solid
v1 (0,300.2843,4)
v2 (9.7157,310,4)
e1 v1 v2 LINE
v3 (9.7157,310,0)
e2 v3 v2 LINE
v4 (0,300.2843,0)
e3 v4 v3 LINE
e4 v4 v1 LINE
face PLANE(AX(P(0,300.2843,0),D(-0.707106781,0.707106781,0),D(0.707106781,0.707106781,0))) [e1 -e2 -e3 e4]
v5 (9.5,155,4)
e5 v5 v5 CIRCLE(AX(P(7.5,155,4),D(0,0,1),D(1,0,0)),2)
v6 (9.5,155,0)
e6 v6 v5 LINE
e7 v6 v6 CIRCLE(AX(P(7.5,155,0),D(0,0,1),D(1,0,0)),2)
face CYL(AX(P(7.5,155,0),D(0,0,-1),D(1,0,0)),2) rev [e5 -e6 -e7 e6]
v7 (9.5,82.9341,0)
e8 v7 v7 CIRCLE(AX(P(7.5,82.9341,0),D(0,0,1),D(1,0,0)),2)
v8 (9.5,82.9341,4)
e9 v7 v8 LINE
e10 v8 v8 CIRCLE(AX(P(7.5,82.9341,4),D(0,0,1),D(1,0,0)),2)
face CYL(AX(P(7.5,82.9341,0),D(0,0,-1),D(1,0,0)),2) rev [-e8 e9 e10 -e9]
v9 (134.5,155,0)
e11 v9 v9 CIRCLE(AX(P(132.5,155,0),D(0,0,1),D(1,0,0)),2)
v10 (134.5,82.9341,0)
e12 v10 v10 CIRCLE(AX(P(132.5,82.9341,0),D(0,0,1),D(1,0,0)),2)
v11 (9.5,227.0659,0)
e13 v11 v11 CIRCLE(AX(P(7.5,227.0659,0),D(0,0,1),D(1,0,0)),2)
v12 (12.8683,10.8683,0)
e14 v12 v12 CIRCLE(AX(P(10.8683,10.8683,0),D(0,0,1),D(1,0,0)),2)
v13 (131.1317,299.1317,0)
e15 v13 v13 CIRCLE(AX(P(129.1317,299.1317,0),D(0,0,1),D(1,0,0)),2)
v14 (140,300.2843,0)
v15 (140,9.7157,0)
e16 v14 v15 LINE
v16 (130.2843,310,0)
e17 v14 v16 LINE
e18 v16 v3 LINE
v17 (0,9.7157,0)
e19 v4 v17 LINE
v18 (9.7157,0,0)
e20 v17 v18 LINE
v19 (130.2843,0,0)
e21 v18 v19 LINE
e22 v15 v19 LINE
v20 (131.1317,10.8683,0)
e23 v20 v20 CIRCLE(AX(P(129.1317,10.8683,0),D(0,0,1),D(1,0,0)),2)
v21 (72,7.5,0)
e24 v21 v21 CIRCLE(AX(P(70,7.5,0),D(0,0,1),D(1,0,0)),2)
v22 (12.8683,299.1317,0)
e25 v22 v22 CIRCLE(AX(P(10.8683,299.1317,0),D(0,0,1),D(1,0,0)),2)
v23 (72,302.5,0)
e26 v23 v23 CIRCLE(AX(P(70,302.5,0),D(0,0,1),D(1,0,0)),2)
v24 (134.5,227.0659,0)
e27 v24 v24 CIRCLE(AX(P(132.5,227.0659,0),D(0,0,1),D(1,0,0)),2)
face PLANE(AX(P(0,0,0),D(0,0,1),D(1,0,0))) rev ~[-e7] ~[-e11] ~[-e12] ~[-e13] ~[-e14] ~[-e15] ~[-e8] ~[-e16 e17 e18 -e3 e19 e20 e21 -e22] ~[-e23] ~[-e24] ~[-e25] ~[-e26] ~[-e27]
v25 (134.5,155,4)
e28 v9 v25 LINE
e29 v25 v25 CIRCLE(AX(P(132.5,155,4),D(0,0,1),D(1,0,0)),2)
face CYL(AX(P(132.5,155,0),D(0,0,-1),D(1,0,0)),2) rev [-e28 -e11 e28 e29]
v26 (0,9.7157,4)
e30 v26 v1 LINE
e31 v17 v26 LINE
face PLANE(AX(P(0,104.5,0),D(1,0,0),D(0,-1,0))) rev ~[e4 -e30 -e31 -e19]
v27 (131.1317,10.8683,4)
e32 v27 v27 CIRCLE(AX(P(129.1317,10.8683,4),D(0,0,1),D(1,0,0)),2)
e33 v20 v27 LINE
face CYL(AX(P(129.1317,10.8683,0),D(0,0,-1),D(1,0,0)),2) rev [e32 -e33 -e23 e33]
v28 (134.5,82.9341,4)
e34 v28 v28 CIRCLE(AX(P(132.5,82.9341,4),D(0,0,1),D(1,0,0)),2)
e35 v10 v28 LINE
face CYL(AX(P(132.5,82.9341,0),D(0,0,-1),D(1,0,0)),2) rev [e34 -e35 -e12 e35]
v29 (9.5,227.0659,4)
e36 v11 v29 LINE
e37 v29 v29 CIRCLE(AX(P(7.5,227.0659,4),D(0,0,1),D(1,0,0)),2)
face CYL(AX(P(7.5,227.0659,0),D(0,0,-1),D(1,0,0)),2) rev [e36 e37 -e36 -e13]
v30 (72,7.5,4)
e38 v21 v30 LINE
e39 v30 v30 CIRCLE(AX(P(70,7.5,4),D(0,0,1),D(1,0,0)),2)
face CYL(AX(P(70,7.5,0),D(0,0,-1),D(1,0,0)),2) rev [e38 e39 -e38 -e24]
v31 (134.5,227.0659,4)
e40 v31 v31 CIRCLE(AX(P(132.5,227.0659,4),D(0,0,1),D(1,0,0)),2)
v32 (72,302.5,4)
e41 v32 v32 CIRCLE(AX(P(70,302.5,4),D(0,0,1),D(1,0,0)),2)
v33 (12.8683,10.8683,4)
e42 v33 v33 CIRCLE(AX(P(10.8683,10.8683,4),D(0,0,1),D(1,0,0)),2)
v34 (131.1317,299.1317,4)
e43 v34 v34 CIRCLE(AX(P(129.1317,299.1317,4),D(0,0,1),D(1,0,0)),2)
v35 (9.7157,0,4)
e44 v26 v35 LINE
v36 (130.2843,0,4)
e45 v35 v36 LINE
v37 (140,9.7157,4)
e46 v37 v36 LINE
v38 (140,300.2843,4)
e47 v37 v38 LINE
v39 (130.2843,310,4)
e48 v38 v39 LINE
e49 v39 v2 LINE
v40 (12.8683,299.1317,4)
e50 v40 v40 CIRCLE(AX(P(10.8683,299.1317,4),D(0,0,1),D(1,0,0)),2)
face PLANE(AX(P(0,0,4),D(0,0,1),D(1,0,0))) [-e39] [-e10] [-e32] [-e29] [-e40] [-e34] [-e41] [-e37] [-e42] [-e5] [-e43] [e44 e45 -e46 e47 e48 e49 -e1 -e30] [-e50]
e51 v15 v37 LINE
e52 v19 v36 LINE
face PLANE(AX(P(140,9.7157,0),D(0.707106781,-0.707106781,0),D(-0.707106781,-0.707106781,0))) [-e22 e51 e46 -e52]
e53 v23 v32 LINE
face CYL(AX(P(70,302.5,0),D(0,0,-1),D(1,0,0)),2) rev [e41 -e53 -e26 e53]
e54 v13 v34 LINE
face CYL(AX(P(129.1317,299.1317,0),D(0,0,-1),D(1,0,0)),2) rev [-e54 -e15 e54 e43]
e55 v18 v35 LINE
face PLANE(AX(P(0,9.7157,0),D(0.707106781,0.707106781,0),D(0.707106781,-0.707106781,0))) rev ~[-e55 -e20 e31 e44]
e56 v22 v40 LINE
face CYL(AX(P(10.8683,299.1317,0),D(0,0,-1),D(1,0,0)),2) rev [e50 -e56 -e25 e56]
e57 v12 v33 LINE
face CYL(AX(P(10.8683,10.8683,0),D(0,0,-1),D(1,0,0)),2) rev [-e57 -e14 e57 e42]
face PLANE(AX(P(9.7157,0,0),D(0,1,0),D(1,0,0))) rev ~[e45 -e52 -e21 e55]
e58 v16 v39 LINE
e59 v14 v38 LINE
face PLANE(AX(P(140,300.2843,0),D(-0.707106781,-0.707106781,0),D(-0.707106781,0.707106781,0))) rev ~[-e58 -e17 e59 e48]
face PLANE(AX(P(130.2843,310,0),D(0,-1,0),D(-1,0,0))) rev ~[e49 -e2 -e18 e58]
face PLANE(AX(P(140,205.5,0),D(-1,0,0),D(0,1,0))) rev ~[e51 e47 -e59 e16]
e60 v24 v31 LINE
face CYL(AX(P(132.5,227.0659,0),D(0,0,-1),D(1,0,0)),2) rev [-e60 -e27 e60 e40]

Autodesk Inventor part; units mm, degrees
ref_plane "YZ Plane" through (0, 0, 0) normal (1, 0, 0) x (0, 1, 0)
ref_plane "XZ Plane" through (0, 0, 0) normal (0, 1, 0) x (-1, 0, 0)
ref_plane "XY Plane" through (0, 0, 0) normal (0, 0, 1) x (1, 0, 0)
sketch "Sketch1" plane through (0, 0, 0) normal (0, 0, 1) x (1, 0, 0)
  line L0 (0, 0) -> (140, 0)
  line L1 (140, 0) -> (140, 310)
  line L2 (140, 310) -> (0, 310)
  line L3 (0, 310) -> (0, 0)
  line L4 (15, 295) -> (125, 295) construction
  line L5 (125, 295) -> (125, 15) construction
  line L6 (125, 15) -> (15, 15) construction
  line L7 (15, 15) -> (15, 295) construction
  line L8 (15, 295) -> (125, 295) construction
  line L9 (70, 314.0975) -> (70, 322.6254) construction
  line L10 (15, 295) -> (15, 269.8596) construction
  line L11 (125, 295) -> (125, 292.6022) construction
  line L12 (0, 165.5) -> (-18, 165.5)
  line L13 (-18, 165.5) -> (-18, 185.5)
  line L14 (-18, 185.5) -> (0, 185.5) construction
  line L15 (0, 185.5) -> (0, 165.5)
  line L16 (-24.3067, 155) -> (-34.4998, 155) construction
  circle A0 centre (-9, 175.5) radius 3
  line L17 (-18, 185.5) -> (0, 205.5)
  line L18 (0, 144.5) -> (-18, 144.5)
  line L19 (-18, 144.5) -> (-18, 124.5)
  circle A1 centre (-9, 134.5) radius 3
  line L20 (-18, 124.5) -> (0, 104.5)
  line L21 (140, 165.5) -> (158, 165.5)
  line L22 (158, 165.5) -> (158, 185.5)
  circle A2 centre (149, 175.5) radius 3
  line L23 (158, 185.5) -> (140, 205.5)
  line L24 (158, 144.5) -> (158, 124.5)
  line L25 (140, 144.5) -> (158, 144.5)
  circle A3 centre (149, 134.5) radius 3
  line L26 (158, 124.5) -> (140, 104.5)
  line L27 (0, 300.2843) -> (9.7157, 310)
  line L28 (140, 300.2843) -> (130.2843, 310)
  line L29 (0, 9.7157) -> (9.7157, 0)
  line L30 (140, 9.7157) -> (130.2843, 0)
  line L31 (70, 295) -> (70, 310) construction
  line L32 (0, 155) -> (15, 155) construction
  line L33 (23.9173, 286.0827) -> (15, 295) construction
  line L34 (16.5096, 292.7523) -> (17.2477, 293.4904)
  line L35 (23.9173, 286.0827) -> (16.8787, 293.1213) construction
  line L36 (123.4904, 292.7523) -> (122.7523, 293.4904)
  line L37 (15, 17.2679) -> (15, 136.2679) construction
  line L38 (17, 136.2679) -> (17, 17.2679)
  arc A4 (17, 136.2679) -> (15, 136.2679) centre (16, 136.2679) ccw construction
  arc A5 (14, 16.2679) -> (15, 17.2679) centre (14, 17.2679) ccw construction
  line L39 (14, 16.2679) -> (12, 16.2679) construction
  arc A6 (17, 17.2679) -> (18, 16.2679) centre (18, 17.2679) ccw
  line L40 (20, 16.2679) -> (18, 16.2679)
  line L41 (21, 17.2679) -> (21, 136.2679)
  line L42 (23, 136.2679) -> (23, 17.2679)
  arc A7 (23, 17.2679) -> (24, 16.2679) centre (24, 17.2679) ccw
  arc A8 (23, 136.2679) -> (21, 136.2679) centre (22, 136.2679) ccw
  arc A9 (20, 16.2679) -> (21, 17.2679) centre (20, 17.2679) ccw
  line L43 (26, 16.2679) -> (24, 16.2679)
  line L44 (27, 17.2679) -> (27, 136.2679)
  line L45 (29, 136.2679) -> (29, 17.2679)
  arc A10 (29, 17.2679) -> (30, 16.2679) centre (30, 17.2679) ccw
  arc A11 (29, 136.2679) -> (27, 136.2679) centre (28, 136.2679) ccw
  arc A12 (26, 16.2679) -> (27, 17.2679) centre (26, 17.2679) ccw
  line L46 (32, 16.2679) -> (30, 16.2679)
  line L47 (33, 17.2679) -> (33, 136.2679)
  line L48 (35, 136.2679) -> (35, 17.2679)
  arc A13 (35, 17.2679) -> (36, 16.2679) centre (36, 17.2679) ccw
  arc A14 (35, 136.2679) -> (33, 136.2679) centre (34, 136.2679) ccw
  arc A15 (32, 16.2679) -> (33, 17.2679) centre (32, 17.2679) ccw
  line L49 (38, 16.2679) -> (36, 16.2679)
  line L50 (39, 17.2679) -> (39, 136.2679)
  line L51 (41, 136.2679) -> (41, 17.2679)
  arc A16 (41, 17.2679) -> (42, 16.2679) centre (42, 17.2679) ccw
  arc A17 (41, 136.2679) -> (39, 136.2679) centre (40, 136.2679) ccw
  arc A18 (38, 16.2679) -> (39, 17.2679) centre (38, 17.2679) ccw
  line L52 (44, 16.2679) -> (42, 16.2679)
  line L53 (45, 17.2679) -> (45, 136.2679)
  line L54 (47, 136.2679) -> (47, 17.2679)
  arc A19 (47, 17.2679) -> (48, 16.2679) centre (48, 17.2679) ccw
  arc A20 (47, 136.2679) -> (45, 136.2679) centre (46, 136.2679) ccw
  arc A21 (44, 16.2679) -> (45, 17.2679) centre (44, 17.2679) ccw
  line L55 (50, 16.2679) -> (48, 16.2679)
  line L56 (51, 17.2679) -> (51, 136.2679)
  line L57 (53, 136.2679) -> (53, 17.2679)
  arc A22 (53, 17.2679) -> (54, 16.2679) centre (54, 17.2679) ccw
  arc A23 (53, 136.2679) -> (51, 136.2679) centre (52, 136.2679) ccw
  arc A24 (50, 16.2679) -> (51, 17.2679) centre (50, 17.2679) ccw
  line L58 (56, 16.2679) -> (54, 16.2679)
  line L59 (57, 17.2679) -> (57, 136.2679)
  line L60 (59, 136.2679) -> (59, 17.2679)
  arc A25 (59, 17.2679) -> (60, 16.2679) centre (60, 17.2679) ccw
  arc A26 (59, 136.2679) -> (57, 136.2679) centre (58, 136.2679) ccw
  arc A27 (56, 16.2679) -> (57, 17.2679) centre (56, 17.2679) ccw
  line L61 (62, 16.2679) -> (60, 16.2679)
  line L62 (63, 17.2679) -> (63, 136.2679)
  line L63 (65, 136.2679) -> (65, 17.2679)
  arc A28 (65, 17.2679) -> (66, 16.2679) centre (66, 17.2679) ccw
  arc A29 (65, 136.2679) -> (63, 136.2679) centre (64, 136.2679) ccw
  arc A30 (62, 16.2679) -> (63, 17.2679) centre (62, 17.2679) ccw
  line L64 (68, 16.2679) -> (66, 16.2679)
  line L65 (69, 17.2679) -> (69, 136.2679)
  line L66 (71, 136.2679) -> (71, 17.2679)
  arc A31 (71, 17.2679) -> (72, 16.2679) centre (72, 17.2679) ccw
  arc A32 (71, 136.2679) -> (69, 136.2679) centre (70, 136.2679) ccw
  arc A33 (68, 16.2679) -> (69, 17.2679) centre (68, 17.2679) ccw
  line L67 (74, 16.2679) -> (72, 16.2679)
  line L68 (75, 17.2679) -> (75, 136.2679)
  line L69 (77, 136.2679) -> (77, 17.2679)
  arc A34 (77, 17.2679) -> (78, 16.2679) centre (78, 17.2679) ccw
  arc A35 (77, 136.2679) -> (75, 136.2679) centre (76, 136.2679) ccw
  arc A36 (74, 16.2679) -> (75, 17.2679) centre (74, 17.2679) ccw
  line L70 (80, 16.2679) -> (78, 16.2679)
  line L71 (81, 17.2679) -> (81, 136.2679)
  line L72 (83, 136.2679) -> (83, 17.2679)
  arc A37 (83, 17.2679) -> (84, 16.2679) centre (84, 17.2679) ccw
  arc A38 (83, 136.2679) -> (81, 136.2679) centre (82, 136.2679) ccw
  arc A39 (80, 16.2679) -> (81, 17.2679) centre (80, 17.2679) ccw
  line L73 (86, 16.2679) -> (84, 16.2679)
  line L74 (87, 17.2679) -> (87, 136.2679)
  line L75 (89, 136.2679) -> (89, 17.2679)
  arc A40 (89, 17.2679) -> (90, 16.2679) centre (90, 17.2679) ccw
  arc A41 (89, 136.2679) -> (87, 136.2679) centre (88, 136.2679) ccw
  arc A42 (86, 16.2679) -> (87, 17.2679) centre (86, 17.2679) ccw
  line L76 (92, 16.2679) -> (90, 16.2679)
  line L77 (93, 17.2679) -> (93, 136.2679)
  line L78 (95, 136.2679) -> (95, 17.2679)
  arc A43 (95, 17.2679) -> (96, 16.2679) centre (96, 17.2679) ccw
  arc A44 (95, 136.2679) -> (93, 136.2679) centre (94, 136.2679) ccw
  arc A45 (92, 16.2679) -> (93, 17.2679) centre (92, 17.2679) ccw
  line L79 (98, 16.2679) -> (96, 16.2679)
  line L80 (99, 17.2679) -> (99, 136.2679)
  line L81 (101, 136.2679) -> (101, 17.2679)
  arc A46 (101, 17.2679) -> (102, 16.2679) centre (102, 17.2679) ccw
  arc A47 (101, 136.2679) -> (99, 136.2679) centre (100, 136.2679) ccw
  arc A48 (98, 16.2679) -> (99, 17.2679) centre (98, 17.2679) ccw
  line L82 (104, 16.2679) -> (102, 16.2679)
  line L83 (105, 17.2679) -> (105, 136.2679)
  line L84 (107, 136.2679) -> (107, 17.2679)
  arc A49 (107, 17.2679) -> (108, 16.2679) centre (108, 17.2679) ccw
  arc A50 (107, 136.2679) -> (105, 136.2679) centre (106, 136.2679) ccw
  arc A51 (104, 16.2679) -> (105, 17.2679) centre (104, 17.2679) ccw
  line L85 (110, 16.2679) -> (108, 16.2679)
  line L86 (111, 17.2679) -> (111, 136.2679)
  line L87 (113, 136.2679) -> (113, 17.2679)
  arc A52 (113, 17.2679) -> (114, 16.2679) centre (114, 17.2679) ccw
  arc A53 (113, 136.2679) -> (111, 136.2679) centre (112, 136.2679) ccw
  arc A54 (110, 16.2679) -> (111, 17.2679) centre (110, 17.2679) ccw
  line L88 (116, 16.2679) -> (114, 16.2679)
  line L89 (117, 17.2679) -> (117, 136.2679)
  line L90 (119, 136.2679) -> (119, 17.2679)
  arc A55 (119, 17.2679) -> (120, 16.2679) centre (120, 17.2679) ccw
  arc A56 (119, 136.2679) -> (117, 136.2679) centre (118, 136.2679) ccw
  arc A57 (116, 16.2679) -> (117, 17.2679) centre (116, 17.2679) ccw
  line L91 (122, 16.2679) -> (120, 16.2679)
  line L92 (123, 17.2679) -> (123, 136.2679)
  line L93 (125, 136.2679) -> (125, 17.2679) construction
  arc A58 (125, 17.2679) -> (126, 16.2679) centre (126, 17.2679) ccw construction
  arc A59 (125, 136.2679) -> (123, 136.2679) centre (124, 136.2679) ccw construction
  arc A60 (122, 16.2679) -> (123, 17.2679) centre (122, 17.2679) ccw
  spline S0 degree 4 poles (16.5096, 292.7523) (14.6703, 290.9129) (15.6874, 287.8803) (14.9514, 263.0684) (27.2259, 252.1032) (45.0884, 239.248) (54.8331, 236.5084) (66.6786, 222.7415) (65.5, 220.3383) (65.5, 218.384) knots 0 0 0 0 0 0.198302 0.355061 0.529019 0.693641 0.832065 1 1 1 1 1
  line L94 (65.5, 218.384) -> (65.5, 202.0117) construction
  line L95 (74.5, 218.384) -> (74.5, 202.0117) construction
  spline S1 degree 4 poles (123.4904, 292.7523) (125.3297, 290.9129) (124.3126, 287.8803) (125.0486, 263.0684) (112.7741, 252.1032) (94.9116, 239.248) (85.1669, 236.5084) (73.3214, 222.7415) (74.5, 220.3383) (74.5, 218.384) knots 0 0 0 0 0 0.198302 0.355061 0.529019 0.693641 0.832065 1 1 1 1 1
  line L96 (65.5, 218.384) -> (74.5, 218.384) construction
  line L97 (65.5389, 141.7679) -> (74.4611, 141.7679) construction
  line L98 (70, 141.7679) -> (70, 218.384) construction
  line L99 (70, 218.384) -> (70, 295) construction
  line L100 (65.5, 218.384) -> (15, 218.384) construction
  line L101 (62.8466, 226.2847) -> (62.8466, 218.384) construction
  line L102 (57.0465, 232.5428) -> (57.0465, 218.384) construction
  line L103 (45.5, 240.1042) -> (45.5, 218.384) construction
  line L104 (28.8522, 251.4195) -> (28.8522, 218.384) construction
  line L105 (17.5, 267.9145) -> (17.5, 218.384) construction
  line L106 (15.2393, 288.9289) -> (15.2393, 218.384) construction
  spline S2 degree 4 poles (65.5, 218.384) (65.5, 215.0113) (62.762, 209.2142) (57.6098, 203.6988) (43.4805, 195.4527) (24.4915, 184.5352) (15.1033, 169.2275) (15, 156.1972) (15, 148.5289) knots 0 0 0 0 0 0.197939 0.350153 0.51962 0.706517 1 1 1 1 1
  line L107 (62.8466, 218.384) -> (62.8466, 210.4833) construction
  line L108 (57.0465, 218.384) -> (57.0465, 204.2251) construction
  line L109 (45.5, 218.384) -> (45.5, 196.6637) construction
  line L110 (28.8522, 218.384) -> (28.8522, 185.3485) construction
  line L111 (17.5, 218.384) -> (17.5, 168.8535) construction
  spline S3 degree 4 poles (74.5, 218.384) (74.5, 215.0113) (77.238, 209.2142) (82.3902, 203.6988) (96.5195, 195.4527) (115.5085, 184.5352) (124.8967, 169.2275) (125, 156.1972) (125, 148.5289) knots 0 0 0 0 0 0.197939 0.350153 0.51962 0.706517 1 1 1 1 1
  line L112 (125, 148.5289) -> (125, 140.8711) construction
  circle A61 centre (70, 198.7679) radius 1
  circle A62 centre (70, 184.7679) radius 1
  circle A63 centre (70, 170.7679) radius 1
  circle A64 centre (70, 156.7679) radius 1
  circle A65 centre (70, 142.7679) radius 1
  line L113 (-110.1015, 148.4668) -> (-137.337, 121.2312) construction
  line L114 (-137.337, 121.2312) -> (-99.9418, 121.2312) construction
  circle A66 centre (63, 191.7679) radius 1
  line L115 (209.7417, 198.7679) -> (209.7417, 184.7679) construction
  line L116 (63, 191.7679) -> (70, 198.7679) construction
  circle A67 centre (63, 177.7679) radius 1
  circle A68 centre (63, 163.7679) radius 1
  circle A69 centre (63, 149.7679) radius 1
  line L117 (70, 184.7679) -> (70, 170.7679) construction
  line L118 (70, 170.7679) -> (70, 156.7679) construction
  line L119 (70, 156.7679) -> (70, 142.7679) construction
  line L120 (63, 191.7679) -> (56, 184.7679) construction
  line L121 (56, 184.7679) -> (49, 177.7679) construction
  line L122 (49, 177.7679) -> (42, 170.7679) construction
  line L123 (42, 170.7679) -> (35, 163.7679) construction
  line L124 (35, 163.7679) -> (28, 156.7679) construction
  line L125 (28, 156.7679) -> (21, 149.7679) construction
  line L126 (21, 149.7679) -> (14, 142.7679) construction
  line L127 (14, 156.7679) -> (21, 163.7679) construction
  line L128 (21, 163.7679) -> (28, 170.7679) construction
  line L129 (28, 170.7679) -> (35.279, 178.047) construction
  line L130 (35.279, 178.047) -> (42, 184.7679) construction
  circle A70 centre (56, 184.7679) radius 1
  circle A71 centre (49, 177.7679) radius 1
  circle A72 centre (42, 184.7679) radius 1
  circle A73 centre (42, 170.7679) radius 1
  circle A74 centre (35, 177.7679) radius 1
  circle A75 centre (28, 170.7679) radius 1
  circle A76 centre (35, 163.7679) radius 1
  circle A77 centre (49, 163.7679) radius 1
  circle A78 centre (56, 170.7679) radius 1
  circle A79 centre (21, 163.7679) radius 1
  circle A80 centre (21, 149.7679) radius 1
  circle A81 centre (49, 191.7679) radius 1
  circle A82 centre (42, 156.7679) radius 1
  circle A83 centre (28, 156.7679) radius 1
  circle A84 centre (28, 142.7679) radius 1
  circle A85 centre (35, 149.7679) radius 1
  circle A86 centre (42, 142.7679) radius 1
  circle A87 centre (49, 149.7679) radius 1
  circle A88 centre (56, 156.7679) radius 1
  circle A89 centre (56, 142.7679) radius 1
  circle A90 centre (77, 191.7679) radius 1
  circle A91 centre (77, 177.7679) radius 1
  circle A92 centre (77, 163.7679) radius 1
  circle A93 centre (77, 149.7679) radius 1
  circle A94 centre (84, 184.7679) radius 1
  circle A95 centre (91, 177.7679) radius 1
  circle A96 centre (98, 184.7679) radius 1
  circle A97 centre (98, 170.7679) radius 1
  circle A98 centre (105, 177.7679) radius 1
  circle A99 centre (112, 170.7679) radius 1
  circle A100 centre (105, 163.7679) radius 1
  circle A101 centre (91, 163.7679) radius 1
  circle A102 centre (84, 170.7679) radius 1
  circle A103 centre (119, 163.7679) radius 1
  circle A104 centre (119, 149.7679) radius 1
  circle A105 centre (91, 191.7679) radius 1
  circle A106 centre (98, 156.7679) radius 1
  circle A107 centre (112, 156.7679) radius 1
  circle A108 centre (112, 142.7679) radius 1
  circle A109 centre (105, 149.7679) radius 1
  circle A110 centre (98, 142.7679) radius 1
  circle A111 centre (91, 149.7679) radius 1
  circle A112 centre (84, 156.7679) radius 1
  circle A113 centre (84, 142.7679) radius 1
  line L131 (15, 148.5289) -> (15, 140.2675)
  line L132 (125, 148.5289) -> (125, 140.2675)
  spline S4 degree 4 poles (17.2477, 293.4904) (18.1955, 294.4381) (19.6714, 295.0826) (20.7017, 295) (21.8623, 295) knots 0 0 0 0 0 1 1 1 1 1
  spline S5 degree 3 poles (122.7523, 293.4904) (121.4886, 294.7541) (119.4432, 295.1927) (118.1377, 295) knots 0 0 0 0 1 1 1 1
  line L133 (118.1377, 295) -> (21.8623, 295)
  line L134 (16.8787, 293.1213) -> (23.2316, 286.7684) construction
  arc A114 (19, 310) -> (0, 291) centre (19, 291) ccw construction
  arc A115 (19, 295) -> (15, 291) centre (19, 291) ccw construction
  line L135 (19, 291) -> (10, 291) construction
  line L136 (19, 291) -> (19, 300) construction
  line L137 (16.1716, 293.8284) -> (5.565, 304.435) construction
  circle A116 centre (10.8683, 299.1317) radius 2
  line L138 (9.8231, 300.915) -> (9.085, 300.1769) construction
  line L139 (11.9134, 297.3485) -> (12.6515, 298.0866) construction
  circle A117 centre (70, 302.5) radius 2
  circle A118 centre (7.5, 155) radius 2
  circle A119 centre (7.5, 227.0659) radius 2
  line L140 (7.5, 155) -> (7.5, 227.0659) construction
  line L141 (7.5, 227.0659) -> (7.5, 299.1317) construction
  arc A120 (140, 291) -> (121, 310) centre (121, 291) ccw construction
  arc A121 (125, 291) -> (121, 295) centre (121, 291) ccw construction
  circle A122 centre (129.1317, 299.1317) radius 2
  circle A123 centre (132.5, 155) radius 2
  circle A124 centre (132.5, 227.0659) radius 2
  circle A125 centre (10.8683, 10.8683) radius 2
  circle A126 centre (70, 7.5) radius 2
  circle A127 centre (7.5, 82.9341) radius 2
  circle A128 centre (132.5, 82.9341) radius 2
  circle A129 centre (129.1317, 10.8683) radius 2
  arc A130 (0, 19) -> (19, 0) centre (19, 19) ccw construction
  arc A131 (15, 19) -> (19, 15) centre (19, 19) ccw construction
  arc A132 (121, 0) -> (140, 19) centre (121, 19) ccw construction
  arc A133 (121, 15) -> (125, 19) centre (121, 19) ccw construction
  circle A134 centre (10.8683, 299.1317) radius 7.5 construction
  line L142 (4.4716, 303.3416) -> (6.8718, 305.7419) construction
  line L143 (15, 140.2675) -> (15, 136.2679) construction
  line L144 (123.2929, 136.9751) -> (125, 138.6822)
  arc A135 (123.2929, 136.9751) -> (123, 136.2679) centre (124, 136.2679) ccw
  line L145 (125, 138.6822) -> (125, 140.2675)
  line L146 (15, 138.6822) -> (16.7071, 136.9751)
  arc A136 (17, 136.2679) -> (16.7071, 136.9751) centre (16, 136.2679) ccw
  line L147 (15, 138.6822) -> (15, 140.2675)
  point P0 (70, 318.3615)
  point P1 (-29.4032, 155)
  point P2 (-18, 175.5)
  point P3 (-9, 185.5)
  point P4 (65.2876, 221.8871)
  point P5 (122.5, 267.9145)
  point P6 (111.1478, 251.4195)
  point P7 (94.5, 240.1042)
  point P8 (82.9535, 232.5428)
  point P9 (74.7124, 221.8871)
  point P10 (124.7607, 288.9289)
  point P11 (77.1534, 210.4833)
  point P12 (82.9535, 204.2251)
  point P13 (94.5, 196.6637)
  point P14 (111.1478, 185.3485)
  point P15 (122.5, 168.8535)
  point P16 (209.7417, 191.7679)
  point P17 (70, 177.7679)
  point P18 (70, 163.7679)
  point P19 (70, 149.7679)
  point P20 (19.6961, 294.835)
  point P21 (120.3039, 294.835)
  point P22 (9.4541, 300.5459)
  point P23 (12.2825, 297.7175)
  dimension "d163" = 4
  dimension "d0" = 140
  dimension "d1" = 310
  dimension "d2" = 15
  dimension "d85" = 18
  dimension "d86" = 20
  dimension "d87" = 10.5
  dimension "d88" = 6
  dimension "d89" = 20
  dimension "d114" = 135
  dimension "d124" = 2
  dimension "d126" = 1
  dimension "d128" = 2
  dimension "d136" = 6
  dimension "d141" = 9
  dimension "d142" = 5.5
  dimension "pegd" = 2
  dimension "d147" = 14
  dimension "d152" = 45
  dimension "d158" = 45
  dimension "d161" = 4
  dimension "d164" = 5.5
  dimension "d168" = 15
  dimension "d169" = 1
  dimension "d170" = 1
  dimension "d171" = 1
  dimension "d172" = 120
  dimension "d178" = 45
  dimension "d179" = 45
extrude "Extrusion6" add sketch "Sketch1" along normal blind 4 contours L29 L3 L27 L2 L28 L1 L30 L0 | L34 S4 L133 S5 L36 S1 S3 L132 L145 L144 A135 L92 A60 L91 A55 L90 A56 L89 A57 L88 A52 L87 A53 L86 A54 L85 A49 L84 A50 L83 A51 L82 A46 L81 A47 L80 A48 L79 A43 L78 A44 L77 A45 L76 A40 L75 A41 L74 A42 L73 A37 L72 A38 L71 A39 L70 A34 L69 A35 L68 A36 L67 A31 L66 A32 L65 A33 L64 A28 L63 A29 L62 A30 L61 A25 L60 A26 L59 A27 L58 A22 L57 A23 L56 A24 L55 A19 L54 A20 L53 A21 L52 A16 L51 A17 L50 A18 L49 A13 L48 A14 L47 A15 L46 A10 L45 A11 L44 A12 L43 A7 L42 A8 L41 A9 L40 A6 L38 A136 L146 L147 L131 S2 S0 | A61 | A62 | A63 | A64 | A65 | A66 | A67 | A68 | A69 | A70 | A71 | A72 | A73 | A74 | A75 | A76 | A77 | A78 | A79 | A80 | A81 | A82 | A83 | A84 | A85 | A86 | A87 | A88 | A89 | A90 | A91 | A92 | A93 | A94 | A95 | A96 | A97 | A98 | A99 | A100 | A101 | A102 | A103 | A104 | A105 | A106 | A107 | A108 | A109 | A110 | A111 | A112 | A113
properties part number "GB-glass"
